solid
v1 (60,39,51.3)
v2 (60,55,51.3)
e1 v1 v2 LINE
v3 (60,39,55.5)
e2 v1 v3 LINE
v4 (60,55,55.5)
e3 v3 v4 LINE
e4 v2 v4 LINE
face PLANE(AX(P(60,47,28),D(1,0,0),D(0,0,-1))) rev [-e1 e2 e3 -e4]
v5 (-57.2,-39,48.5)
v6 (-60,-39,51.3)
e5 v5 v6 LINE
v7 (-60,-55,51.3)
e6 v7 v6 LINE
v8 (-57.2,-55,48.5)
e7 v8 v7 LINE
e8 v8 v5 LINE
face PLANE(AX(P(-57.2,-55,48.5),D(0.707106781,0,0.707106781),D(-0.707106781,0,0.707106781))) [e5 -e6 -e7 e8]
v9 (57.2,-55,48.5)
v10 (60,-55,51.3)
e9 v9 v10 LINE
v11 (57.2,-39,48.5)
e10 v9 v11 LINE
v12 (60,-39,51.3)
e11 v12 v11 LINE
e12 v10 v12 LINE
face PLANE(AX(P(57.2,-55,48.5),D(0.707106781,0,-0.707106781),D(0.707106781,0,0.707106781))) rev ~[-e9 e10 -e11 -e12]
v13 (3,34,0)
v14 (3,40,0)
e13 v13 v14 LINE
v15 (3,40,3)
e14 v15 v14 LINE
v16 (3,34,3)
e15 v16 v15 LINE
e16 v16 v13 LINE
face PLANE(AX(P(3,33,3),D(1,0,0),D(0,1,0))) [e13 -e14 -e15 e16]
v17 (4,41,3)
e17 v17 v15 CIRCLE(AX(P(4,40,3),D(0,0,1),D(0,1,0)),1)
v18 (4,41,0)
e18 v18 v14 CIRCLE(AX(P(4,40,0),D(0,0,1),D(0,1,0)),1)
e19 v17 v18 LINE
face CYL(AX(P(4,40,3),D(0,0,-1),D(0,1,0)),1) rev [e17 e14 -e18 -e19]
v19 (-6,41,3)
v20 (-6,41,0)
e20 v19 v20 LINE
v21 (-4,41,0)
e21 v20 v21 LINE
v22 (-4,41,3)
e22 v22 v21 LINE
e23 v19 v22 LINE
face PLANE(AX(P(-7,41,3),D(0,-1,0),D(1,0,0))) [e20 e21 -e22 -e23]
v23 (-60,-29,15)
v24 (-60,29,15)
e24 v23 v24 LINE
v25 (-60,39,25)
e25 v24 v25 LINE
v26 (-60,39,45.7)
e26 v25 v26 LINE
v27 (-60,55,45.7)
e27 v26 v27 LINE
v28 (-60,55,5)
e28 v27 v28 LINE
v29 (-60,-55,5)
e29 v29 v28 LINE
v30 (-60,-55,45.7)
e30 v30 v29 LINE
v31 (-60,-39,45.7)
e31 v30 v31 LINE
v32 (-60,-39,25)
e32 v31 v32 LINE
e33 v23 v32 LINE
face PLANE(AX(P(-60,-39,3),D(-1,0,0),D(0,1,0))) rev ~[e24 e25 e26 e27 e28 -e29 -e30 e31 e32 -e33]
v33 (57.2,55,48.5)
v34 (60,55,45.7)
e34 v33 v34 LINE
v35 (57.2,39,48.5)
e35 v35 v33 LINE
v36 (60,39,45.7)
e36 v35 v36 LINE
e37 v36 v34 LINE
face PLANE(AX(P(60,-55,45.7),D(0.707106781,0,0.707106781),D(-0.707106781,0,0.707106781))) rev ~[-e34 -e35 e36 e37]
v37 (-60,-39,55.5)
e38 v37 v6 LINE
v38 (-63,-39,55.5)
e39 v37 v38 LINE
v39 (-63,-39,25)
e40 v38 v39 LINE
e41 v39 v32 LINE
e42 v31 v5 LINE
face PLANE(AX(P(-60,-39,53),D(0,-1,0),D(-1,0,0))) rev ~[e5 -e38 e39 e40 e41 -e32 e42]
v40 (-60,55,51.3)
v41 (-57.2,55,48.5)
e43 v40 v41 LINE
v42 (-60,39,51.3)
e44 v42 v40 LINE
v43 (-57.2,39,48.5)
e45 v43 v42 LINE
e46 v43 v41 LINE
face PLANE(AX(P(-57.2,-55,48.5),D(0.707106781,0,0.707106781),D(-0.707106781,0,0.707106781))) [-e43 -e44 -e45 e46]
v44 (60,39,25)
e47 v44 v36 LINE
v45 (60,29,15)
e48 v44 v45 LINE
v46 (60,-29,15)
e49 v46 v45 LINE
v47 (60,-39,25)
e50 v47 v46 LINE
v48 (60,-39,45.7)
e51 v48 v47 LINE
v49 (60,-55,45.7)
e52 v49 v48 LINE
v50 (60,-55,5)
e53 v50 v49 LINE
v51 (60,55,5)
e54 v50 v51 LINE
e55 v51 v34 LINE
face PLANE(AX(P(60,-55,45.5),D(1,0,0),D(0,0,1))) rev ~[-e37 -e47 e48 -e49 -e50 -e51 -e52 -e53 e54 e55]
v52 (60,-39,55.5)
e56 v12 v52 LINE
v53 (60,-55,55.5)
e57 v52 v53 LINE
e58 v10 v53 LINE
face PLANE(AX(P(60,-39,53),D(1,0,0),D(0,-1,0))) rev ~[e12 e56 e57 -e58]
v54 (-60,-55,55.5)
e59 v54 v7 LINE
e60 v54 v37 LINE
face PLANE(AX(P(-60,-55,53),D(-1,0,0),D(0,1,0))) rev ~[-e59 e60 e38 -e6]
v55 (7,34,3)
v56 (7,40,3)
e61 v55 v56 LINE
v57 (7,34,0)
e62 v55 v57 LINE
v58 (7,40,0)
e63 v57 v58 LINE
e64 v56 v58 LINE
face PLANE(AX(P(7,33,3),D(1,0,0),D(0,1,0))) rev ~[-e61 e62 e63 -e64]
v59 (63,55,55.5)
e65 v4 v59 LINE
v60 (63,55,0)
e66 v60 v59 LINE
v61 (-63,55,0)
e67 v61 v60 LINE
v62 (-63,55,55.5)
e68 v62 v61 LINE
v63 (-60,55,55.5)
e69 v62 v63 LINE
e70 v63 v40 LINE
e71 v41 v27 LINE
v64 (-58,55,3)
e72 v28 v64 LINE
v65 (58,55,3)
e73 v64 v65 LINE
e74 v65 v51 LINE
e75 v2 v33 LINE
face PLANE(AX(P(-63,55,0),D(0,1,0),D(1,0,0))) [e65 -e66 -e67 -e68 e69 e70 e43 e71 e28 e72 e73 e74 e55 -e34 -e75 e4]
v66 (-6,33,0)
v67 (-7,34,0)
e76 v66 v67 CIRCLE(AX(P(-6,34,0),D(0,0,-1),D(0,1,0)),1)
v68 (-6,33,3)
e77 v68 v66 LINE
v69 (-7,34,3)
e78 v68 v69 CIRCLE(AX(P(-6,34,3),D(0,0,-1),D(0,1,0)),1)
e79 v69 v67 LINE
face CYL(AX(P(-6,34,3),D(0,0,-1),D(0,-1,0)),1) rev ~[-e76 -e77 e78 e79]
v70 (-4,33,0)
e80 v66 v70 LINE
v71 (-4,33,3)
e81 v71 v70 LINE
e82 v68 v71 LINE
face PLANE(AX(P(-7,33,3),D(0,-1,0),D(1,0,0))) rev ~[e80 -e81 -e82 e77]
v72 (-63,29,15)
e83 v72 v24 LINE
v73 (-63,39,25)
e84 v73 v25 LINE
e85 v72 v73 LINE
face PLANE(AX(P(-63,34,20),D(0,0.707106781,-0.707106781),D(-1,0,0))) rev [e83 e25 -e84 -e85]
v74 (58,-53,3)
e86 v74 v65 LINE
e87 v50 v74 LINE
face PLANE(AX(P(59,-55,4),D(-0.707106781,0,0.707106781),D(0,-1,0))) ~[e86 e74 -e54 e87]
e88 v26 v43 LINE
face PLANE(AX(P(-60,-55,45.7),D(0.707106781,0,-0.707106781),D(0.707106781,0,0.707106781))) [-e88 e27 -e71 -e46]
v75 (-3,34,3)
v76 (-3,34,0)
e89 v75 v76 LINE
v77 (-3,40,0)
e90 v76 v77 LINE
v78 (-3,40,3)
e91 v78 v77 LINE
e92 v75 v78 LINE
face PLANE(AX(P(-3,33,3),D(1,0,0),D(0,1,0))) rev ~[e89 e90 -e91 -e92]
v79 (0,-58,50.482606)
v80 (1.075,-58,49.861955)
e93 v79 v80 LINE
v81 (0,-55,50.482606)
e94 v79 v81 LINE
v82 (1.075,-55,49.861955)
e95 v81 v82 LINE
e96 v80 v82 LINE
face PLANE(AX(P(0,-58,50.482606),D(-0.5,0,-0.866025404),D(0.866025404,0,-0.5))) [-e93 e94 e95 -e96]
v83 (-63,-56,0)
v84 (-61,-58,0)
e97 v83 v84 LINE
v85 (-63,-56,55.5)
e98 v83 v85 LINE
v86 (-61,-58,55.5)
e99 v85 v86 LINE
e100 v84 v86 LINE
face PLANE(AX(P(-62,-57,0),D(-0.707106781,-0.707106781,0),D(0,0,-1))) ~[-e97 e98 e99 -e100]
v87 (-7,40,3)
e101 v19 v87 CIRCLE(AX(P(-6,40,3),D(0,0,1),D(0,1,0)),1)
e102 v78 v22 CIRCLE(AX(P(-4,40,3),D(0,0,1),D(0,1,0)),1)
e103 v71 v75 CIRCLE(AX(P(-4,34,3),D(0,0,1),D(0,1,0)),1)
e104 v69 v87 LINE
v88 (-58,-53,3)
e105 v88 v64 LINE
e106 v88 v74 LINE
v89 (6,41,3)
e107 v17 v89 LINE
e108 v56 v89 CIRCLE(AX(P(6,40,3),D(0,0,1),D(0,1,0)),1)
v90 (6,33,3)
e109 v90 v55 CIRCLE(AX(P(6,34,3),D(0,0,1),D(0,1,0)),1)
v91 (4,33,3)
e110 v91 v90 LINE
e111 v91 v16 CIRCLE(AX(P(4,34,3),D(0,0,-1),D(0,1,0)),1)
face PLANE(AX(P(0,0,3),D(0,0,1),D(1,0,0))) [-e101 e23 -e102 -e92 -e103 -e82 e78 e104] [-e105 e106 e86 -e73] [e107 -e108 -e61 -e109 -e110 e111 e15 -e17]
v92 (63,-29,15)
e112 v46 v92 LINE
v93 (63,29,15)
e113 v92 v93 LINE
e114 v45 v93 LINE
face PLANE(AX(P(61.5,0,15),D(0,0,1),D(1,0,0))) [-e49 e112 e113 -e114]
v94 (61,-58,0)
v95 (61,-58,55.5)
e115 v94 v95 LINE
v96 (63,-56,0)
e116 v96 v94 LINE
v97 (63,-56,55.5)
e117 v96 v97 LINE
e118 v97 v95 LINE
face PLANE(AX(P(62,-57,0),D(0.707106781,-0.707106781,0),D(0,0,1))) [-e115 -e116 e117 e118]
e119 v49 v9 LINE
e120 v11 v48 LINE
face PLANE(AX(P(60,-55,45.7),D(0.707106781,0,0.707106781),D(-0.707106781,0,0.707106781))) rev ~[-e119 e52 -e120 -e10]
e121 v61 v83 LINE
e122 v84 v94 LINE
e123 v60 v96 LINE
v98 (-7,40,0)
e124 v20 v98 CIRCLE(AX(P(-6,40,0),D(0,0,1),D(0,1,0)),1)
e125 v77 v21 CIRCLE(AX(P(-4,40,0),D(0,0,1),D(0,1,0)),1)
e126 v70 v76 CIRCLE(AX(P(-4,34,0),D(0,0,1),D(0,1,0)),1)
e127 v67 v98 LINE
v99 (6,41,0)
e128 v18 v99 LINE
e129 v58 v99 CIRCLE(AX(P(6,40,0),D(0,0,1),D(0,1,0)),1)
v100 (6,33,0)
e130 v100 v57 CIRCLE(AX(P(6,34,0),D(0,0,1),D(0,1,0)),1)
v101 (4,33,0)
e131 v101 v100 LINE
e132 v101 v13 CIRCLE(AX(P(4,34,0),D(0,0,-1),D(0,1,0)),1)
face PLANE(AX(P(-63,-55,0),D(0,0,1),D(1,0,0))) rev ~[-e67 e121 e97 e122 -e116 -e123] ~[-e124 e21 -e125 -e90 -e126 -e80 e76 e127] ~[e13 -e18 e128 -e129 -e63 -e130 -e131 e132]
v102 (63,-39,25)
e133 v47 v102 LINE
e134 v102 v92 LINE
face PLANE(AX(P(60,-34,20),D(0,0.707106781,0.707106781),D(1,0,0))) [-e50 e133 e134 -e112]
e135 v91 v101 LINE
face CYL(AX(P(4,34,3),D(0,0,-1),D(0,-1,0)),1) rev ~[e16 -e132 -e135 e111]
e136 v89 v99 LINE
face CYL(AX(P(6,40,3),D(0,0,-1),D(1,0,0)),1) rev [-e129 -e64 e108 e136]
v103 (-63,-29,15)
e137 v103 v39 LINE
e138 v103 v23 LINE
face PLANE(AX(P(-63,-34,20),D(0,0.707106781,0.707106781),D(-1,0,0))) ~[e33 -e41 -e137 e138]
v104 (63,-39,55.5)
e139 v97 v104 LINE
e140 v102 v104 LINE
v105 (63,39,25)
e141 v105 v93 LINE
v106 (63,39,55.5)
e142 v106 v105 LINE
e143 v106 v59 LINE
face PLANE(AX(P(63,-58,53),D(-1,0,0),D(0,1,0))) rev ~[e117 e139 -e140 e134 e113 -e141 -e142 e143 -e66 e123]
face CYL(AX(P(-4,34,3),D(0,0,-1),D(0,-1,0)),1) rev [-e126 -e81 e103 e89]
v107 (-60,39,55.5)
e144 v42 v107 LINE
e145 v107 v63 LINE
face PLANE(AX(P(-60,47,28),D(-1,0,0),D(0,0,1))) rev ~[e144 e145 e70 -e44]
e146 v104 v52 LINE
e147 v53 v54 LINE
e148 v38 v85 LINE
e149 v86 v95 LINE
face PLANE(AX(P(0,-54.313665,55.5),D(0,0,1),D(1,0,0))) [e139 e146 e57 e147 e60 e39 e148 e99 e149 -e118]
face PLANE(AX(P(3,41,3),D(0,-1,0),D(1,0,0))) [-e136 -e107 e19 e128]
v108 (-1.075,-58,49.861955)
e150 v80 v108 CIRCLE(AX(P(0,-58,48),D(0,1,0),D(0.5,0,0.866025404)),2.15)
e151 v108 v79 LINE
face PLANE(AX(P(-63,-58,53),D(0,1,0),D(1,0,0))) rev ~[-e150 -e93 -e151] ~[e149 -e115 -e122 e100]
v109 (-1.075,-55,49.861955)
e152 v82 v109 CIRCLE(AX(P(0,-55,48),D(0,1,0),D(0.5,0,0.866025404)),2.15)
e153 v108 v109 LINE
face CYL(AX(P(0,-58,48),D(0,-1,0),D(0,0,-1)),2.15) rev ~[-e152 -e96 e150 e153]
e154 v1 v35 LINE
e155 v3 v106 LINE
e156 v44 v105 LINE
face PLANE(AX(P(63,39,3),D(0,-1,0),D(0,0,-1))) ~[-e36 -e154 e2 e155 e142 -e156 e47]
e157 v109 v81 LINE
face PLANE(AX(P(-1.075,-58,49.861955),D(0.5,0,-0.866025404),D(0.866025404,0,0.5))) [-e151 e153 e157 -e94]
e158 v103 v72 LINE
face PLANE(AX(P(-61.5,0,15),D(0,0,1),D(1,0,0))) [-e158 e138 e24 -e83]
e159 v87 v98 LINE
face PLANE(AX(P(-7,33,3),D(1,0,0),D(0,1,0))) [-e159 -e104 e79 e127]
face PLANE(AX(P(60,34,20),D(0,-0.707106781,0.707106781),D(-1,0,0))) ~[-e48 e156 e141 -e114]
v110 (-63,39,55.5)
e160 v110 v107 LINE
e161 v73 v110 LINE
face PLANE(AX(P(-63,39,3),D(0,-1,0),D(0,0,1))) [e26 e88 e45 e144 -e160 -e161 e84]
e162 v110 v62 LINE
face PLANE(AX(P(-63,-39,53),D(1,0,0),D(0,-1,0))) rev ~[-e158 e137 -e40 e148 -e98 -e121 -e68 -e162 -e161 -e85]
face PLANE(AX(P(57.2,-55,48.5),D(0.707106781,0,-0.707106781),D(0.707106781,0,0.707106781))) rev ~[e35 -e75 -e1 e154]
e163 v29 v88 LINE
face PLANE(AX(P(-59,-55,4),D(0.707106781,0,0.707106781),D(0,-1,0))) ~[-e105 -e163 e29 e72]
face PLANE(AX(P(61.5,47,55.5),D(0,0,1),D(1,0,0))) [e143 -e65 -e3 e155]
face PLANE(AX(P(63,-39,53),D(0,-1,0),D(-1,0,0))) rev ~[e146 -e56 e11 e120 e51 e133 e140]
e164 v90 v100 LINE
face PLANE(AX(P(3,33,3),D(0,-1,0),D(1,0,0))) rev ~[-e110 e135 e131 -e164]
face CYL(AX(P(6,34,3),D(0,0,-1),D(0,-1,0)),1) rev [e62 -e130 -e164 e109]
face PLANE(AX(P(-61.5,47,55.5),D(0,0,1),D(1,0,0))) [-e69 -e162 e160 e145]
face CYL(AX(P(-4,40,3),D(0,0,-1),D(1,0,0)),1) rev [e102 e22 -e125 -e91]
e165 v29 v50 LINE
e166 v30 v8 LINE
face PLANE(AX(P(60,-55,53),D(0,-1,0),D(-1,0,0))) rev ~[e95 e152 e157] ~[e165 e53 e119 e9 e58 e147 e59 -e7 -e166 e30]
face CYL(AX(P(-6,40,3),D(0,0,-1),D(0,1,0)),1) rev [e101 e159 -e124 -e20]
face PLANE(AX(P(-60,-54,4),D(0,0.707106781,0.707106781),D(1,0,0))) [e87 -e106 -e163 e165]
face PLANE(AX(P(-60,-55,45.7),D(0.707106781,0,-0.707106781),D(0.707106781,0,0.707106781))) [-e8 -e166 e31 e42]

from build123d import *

# Parameters (mm, degrees)
SKETCH1_W           = 126
SKETCH1_H           = 110
BOSS_EXTRUDE1_DEPTH = 3
SKETCH2_W           = 50
SKETCH2_H           = 16
BOSS_EXTRUDE2_DEPTH = 3
BOSS_EXTRUDE3_DEPTH = 16
BOSS_EXTRUDE4_DEPTH = 16
SKETCH5_W           = 126
SKETCH5_H           = 53
BOSS_EXTRUDE5_DEPTH = 3
SKETCH7_W           = 3
SKETCH7_H           = 78
BOSS_EXTRUDE6_DEPTH = 12
SKETCH8_R           = 2.15
CUT_EXTRUDE1_DEPTH  = 140.810586151
CUT_EXTRUDE2_DEPTH  = 140.810586151
CUT_EXTRUDE3_DEPTH  = 138.397234324
SKETCH11_W          = 3
SKETCH11_H          = 16
BOSS_EXTRUDE7_DEPTH = 2.5
CHAMFER1_SIZE       = 10
CHAMFER2_SIZE       = 2
SKETCH12_W          = 4
SKETCH12_H          = 8
CUT_EXTRUDE4_DEPTH  = 101.445258723
FILLET1_R           = 1
CHAMFER3_SIZE       = 2


with BuildPart() as part:
    # Sketch1 → Boss-Extrude1 (new body)
    with BuildSketch(Plane.XY):
        Rectangle(SKETCH1_W, SKETCH1_H)
    extrude(amount=BOSS_EXTRUDE1_DEPTH)

    # Sketch2 → Boss-Extrude2 (add)
    with BuildSketch(Plane.ZY.offset(63)):
        with Locations((28, 47)):
            Rectangle(SKETCH2_W, SKETCH2_H)
        with Locations((28, -47)):
            Rectangle(SKETCH2_W, SKETCH2_H)
    boss_extrude2 = extrude(amount=-BOSS_EXTRUDE2_DEPTH)

    # Sketch3 → Boss-Extrude3 (add)
    with BuildSketch(Plane.XZ.offset(55)):
        Polygon((-60, 45.5), (-57, 48.5), (-60, 51.5), align=None)
    boss_extrude3 = extrude(amount=-BOSS_EXTRUDE3_DEPTH)

    # Sketch4 → Boss-Extrude4 (add)
    with BuildSketch(Plane(origin=(0, 55, 0), x_dir=(1, 0, 0), z_dir=(0, 1, 0))):
        Polygon((-60, -51.5), (-57, -48.5), (-60, -45.5), align=None)
    boss_extrude4 = extrude(amount=-BOSS_EXTRUDE4_DEPTH)

    # Mirror1: Boss-Extrude2, Boss-Extrude3, Boss-Extrude4 across plane
    add(boss_extrude2.mirror(Plane(origin=(0, 0, 0), x_dir=(0, 0, 1), z_dir=(1, 0, 0))))
    add(boss_extrude3.mirror(Plane(origin=(0, 0, 0), x_dir=(0, 0, 1), z_dir=(1, 0, 0))))
    add(boss_extrude4.mirror(Plane(origin=(0, 0, 0), x_dir=(0, 0, 1), z_dir=(1, 0, 0))))

    # Sketch5 → Boss-Extrude5 (add)
    with BuildSketch(Plane.XZ.offset(55)):
        with Locations((0, 26.5)):
            Rectangle(SKETCH5_W, SKETCH5_H)
    extrude(amount=BOSS_EXTRUDE5_DEPTH)

    # Sketch7 → Boss-Extrude6 (add)
    with BuildSketch(Plane.XY.offset(3)):
        with Locations((-61.5, 0)):
            Rectangle(SKETCH7_W, SKETCH7_H)
        with Locations((61.5, 0)):
            Rectangle(SKETCH7_W, SKETCH7_H)
    extrude(amount=BOSS_EXTRUDE6_DEPTH)

    # Sketch8 → Cut-Extrude1 (cut, through all)
    with BuildSketch(Plane.XZ.offset(58)):
        with Locations(Location((0, 48, 0), (0, 0, 270))):
            Circle(SKETCH8_R)
    extrude(amount=-CUT_EXTRUDE1_DEPTH, mode=Mode.SUBTRACT)

    # Sketch9 → Cut-Extrude2 (cut, through all)
    with BuildSketch(Plane.XZ.offset(58)):
        Polygon((-1.075, 49.861954618), (0, 50.482606158), (1.075, 49.861954618), align=None)
    extrude(amount=-CUT_EXTRUDE2_DEPTH, mode=Mode.SUBTRACT)

    # Sketch10 → Cut-Extrude3 (cut, through all)
    with BuildSketch(Plane(origin=(0, -55, 0), x_dir=(1, 0, 0), z_dir=(0, 1, 0))):
        Polygon((-60, -45.5), (-60, -45.7), (-57.2, -48.5), (-60, -51.3), (-60, -51.5), (-57, -48.5), align=None)
        Polygon((60, -45.7), (57.2, -48.5), (60, -51.3), (60, -51.5), (57, -48.5), (60, -45.5), align=None)
    extrude(amount=CUT_EXTRUDE3_DEPTH, mode=Mode.SUBTRACT)

    # Sketch11 → Boss-Extrude7 (add)
    with BuildSketch(Plane.XY.offset(53)):
        Polygon((-63, -39), (-63, -58), (63, -58), (63, -39), (60, -39), (60, -55), (-60, -55), (-60, -39), align=None)
        with Locations((-61.5, 47)):
            Rectangle(SKETCH11_W, SKETCH11_H)
        with Locations((61.5, 47)):
            Rectangle(SKETCH11_W, SKETCH11_H)
    extrude(amount=BOSS_EXTRUDE7_DEPTH)

    # Chamfer1
    chamfer1_edges = [part.edges().sort_by_distance(p)[0] for p in [
        (-61.5, -39, 15),
        (-61.5, 39, 15),
        (61.5, 39, 15),
        (61.5, -39, 15),
    ]]
    chamfer(chamfer1_edges, length=CHAMFER1_SIZE)

    # Chamfer2
    chamfer2_edges = [part.edges().sort_by_distance(p)[0] for p in [
        (-60, 0, 3),
        (0, -55, 3),
        (60, 0, 3),
    ]]
    chamfer(chamfer2_edges, length=CHAMFER2_SIZE)

    # Sketch12 → Cut-Extrude4 (cut, through all)
    with BuildSketch(Plane.XY.offset(3)):
        with Locations((-5, 37)):
            Rectangle(SKETCH12_W, SKETCH12_H)
        with Locations((5, 37)):
            Rectangle(SKETCH12_W, SKETCH12_H)
    extrude(amount=-CUT_EXTRUDE4_DEPTH, mode=Mode.SUBTRACT)

    # Fillet1
    fillet1_edges = [part.edges().sort_by_distance(p)[0] for p in [
        (-7, 33, 1.5),
        (-7, 41, 1.5),
        (-3, 41, 1.5),
        (-3, 33, 1.5),
        (3, 33, 1.5),
        (3, 41, 1.5),
        (7, 41, 1.5),
        (7, 33, 1.5),
    ]]
    fillet(fillet1_edges, radius=FILLET1_R)

    # Chamfer3
    chamfer3_edges = [part.edges().sort_by_distance(p)[0] for p in [
        (-63, -58, 27.75),
        (63, -58, 27.75),
    ]]
    chamfer(chamfer3_edges, length=CHAMFER3_SIZE)


solid = part.part
